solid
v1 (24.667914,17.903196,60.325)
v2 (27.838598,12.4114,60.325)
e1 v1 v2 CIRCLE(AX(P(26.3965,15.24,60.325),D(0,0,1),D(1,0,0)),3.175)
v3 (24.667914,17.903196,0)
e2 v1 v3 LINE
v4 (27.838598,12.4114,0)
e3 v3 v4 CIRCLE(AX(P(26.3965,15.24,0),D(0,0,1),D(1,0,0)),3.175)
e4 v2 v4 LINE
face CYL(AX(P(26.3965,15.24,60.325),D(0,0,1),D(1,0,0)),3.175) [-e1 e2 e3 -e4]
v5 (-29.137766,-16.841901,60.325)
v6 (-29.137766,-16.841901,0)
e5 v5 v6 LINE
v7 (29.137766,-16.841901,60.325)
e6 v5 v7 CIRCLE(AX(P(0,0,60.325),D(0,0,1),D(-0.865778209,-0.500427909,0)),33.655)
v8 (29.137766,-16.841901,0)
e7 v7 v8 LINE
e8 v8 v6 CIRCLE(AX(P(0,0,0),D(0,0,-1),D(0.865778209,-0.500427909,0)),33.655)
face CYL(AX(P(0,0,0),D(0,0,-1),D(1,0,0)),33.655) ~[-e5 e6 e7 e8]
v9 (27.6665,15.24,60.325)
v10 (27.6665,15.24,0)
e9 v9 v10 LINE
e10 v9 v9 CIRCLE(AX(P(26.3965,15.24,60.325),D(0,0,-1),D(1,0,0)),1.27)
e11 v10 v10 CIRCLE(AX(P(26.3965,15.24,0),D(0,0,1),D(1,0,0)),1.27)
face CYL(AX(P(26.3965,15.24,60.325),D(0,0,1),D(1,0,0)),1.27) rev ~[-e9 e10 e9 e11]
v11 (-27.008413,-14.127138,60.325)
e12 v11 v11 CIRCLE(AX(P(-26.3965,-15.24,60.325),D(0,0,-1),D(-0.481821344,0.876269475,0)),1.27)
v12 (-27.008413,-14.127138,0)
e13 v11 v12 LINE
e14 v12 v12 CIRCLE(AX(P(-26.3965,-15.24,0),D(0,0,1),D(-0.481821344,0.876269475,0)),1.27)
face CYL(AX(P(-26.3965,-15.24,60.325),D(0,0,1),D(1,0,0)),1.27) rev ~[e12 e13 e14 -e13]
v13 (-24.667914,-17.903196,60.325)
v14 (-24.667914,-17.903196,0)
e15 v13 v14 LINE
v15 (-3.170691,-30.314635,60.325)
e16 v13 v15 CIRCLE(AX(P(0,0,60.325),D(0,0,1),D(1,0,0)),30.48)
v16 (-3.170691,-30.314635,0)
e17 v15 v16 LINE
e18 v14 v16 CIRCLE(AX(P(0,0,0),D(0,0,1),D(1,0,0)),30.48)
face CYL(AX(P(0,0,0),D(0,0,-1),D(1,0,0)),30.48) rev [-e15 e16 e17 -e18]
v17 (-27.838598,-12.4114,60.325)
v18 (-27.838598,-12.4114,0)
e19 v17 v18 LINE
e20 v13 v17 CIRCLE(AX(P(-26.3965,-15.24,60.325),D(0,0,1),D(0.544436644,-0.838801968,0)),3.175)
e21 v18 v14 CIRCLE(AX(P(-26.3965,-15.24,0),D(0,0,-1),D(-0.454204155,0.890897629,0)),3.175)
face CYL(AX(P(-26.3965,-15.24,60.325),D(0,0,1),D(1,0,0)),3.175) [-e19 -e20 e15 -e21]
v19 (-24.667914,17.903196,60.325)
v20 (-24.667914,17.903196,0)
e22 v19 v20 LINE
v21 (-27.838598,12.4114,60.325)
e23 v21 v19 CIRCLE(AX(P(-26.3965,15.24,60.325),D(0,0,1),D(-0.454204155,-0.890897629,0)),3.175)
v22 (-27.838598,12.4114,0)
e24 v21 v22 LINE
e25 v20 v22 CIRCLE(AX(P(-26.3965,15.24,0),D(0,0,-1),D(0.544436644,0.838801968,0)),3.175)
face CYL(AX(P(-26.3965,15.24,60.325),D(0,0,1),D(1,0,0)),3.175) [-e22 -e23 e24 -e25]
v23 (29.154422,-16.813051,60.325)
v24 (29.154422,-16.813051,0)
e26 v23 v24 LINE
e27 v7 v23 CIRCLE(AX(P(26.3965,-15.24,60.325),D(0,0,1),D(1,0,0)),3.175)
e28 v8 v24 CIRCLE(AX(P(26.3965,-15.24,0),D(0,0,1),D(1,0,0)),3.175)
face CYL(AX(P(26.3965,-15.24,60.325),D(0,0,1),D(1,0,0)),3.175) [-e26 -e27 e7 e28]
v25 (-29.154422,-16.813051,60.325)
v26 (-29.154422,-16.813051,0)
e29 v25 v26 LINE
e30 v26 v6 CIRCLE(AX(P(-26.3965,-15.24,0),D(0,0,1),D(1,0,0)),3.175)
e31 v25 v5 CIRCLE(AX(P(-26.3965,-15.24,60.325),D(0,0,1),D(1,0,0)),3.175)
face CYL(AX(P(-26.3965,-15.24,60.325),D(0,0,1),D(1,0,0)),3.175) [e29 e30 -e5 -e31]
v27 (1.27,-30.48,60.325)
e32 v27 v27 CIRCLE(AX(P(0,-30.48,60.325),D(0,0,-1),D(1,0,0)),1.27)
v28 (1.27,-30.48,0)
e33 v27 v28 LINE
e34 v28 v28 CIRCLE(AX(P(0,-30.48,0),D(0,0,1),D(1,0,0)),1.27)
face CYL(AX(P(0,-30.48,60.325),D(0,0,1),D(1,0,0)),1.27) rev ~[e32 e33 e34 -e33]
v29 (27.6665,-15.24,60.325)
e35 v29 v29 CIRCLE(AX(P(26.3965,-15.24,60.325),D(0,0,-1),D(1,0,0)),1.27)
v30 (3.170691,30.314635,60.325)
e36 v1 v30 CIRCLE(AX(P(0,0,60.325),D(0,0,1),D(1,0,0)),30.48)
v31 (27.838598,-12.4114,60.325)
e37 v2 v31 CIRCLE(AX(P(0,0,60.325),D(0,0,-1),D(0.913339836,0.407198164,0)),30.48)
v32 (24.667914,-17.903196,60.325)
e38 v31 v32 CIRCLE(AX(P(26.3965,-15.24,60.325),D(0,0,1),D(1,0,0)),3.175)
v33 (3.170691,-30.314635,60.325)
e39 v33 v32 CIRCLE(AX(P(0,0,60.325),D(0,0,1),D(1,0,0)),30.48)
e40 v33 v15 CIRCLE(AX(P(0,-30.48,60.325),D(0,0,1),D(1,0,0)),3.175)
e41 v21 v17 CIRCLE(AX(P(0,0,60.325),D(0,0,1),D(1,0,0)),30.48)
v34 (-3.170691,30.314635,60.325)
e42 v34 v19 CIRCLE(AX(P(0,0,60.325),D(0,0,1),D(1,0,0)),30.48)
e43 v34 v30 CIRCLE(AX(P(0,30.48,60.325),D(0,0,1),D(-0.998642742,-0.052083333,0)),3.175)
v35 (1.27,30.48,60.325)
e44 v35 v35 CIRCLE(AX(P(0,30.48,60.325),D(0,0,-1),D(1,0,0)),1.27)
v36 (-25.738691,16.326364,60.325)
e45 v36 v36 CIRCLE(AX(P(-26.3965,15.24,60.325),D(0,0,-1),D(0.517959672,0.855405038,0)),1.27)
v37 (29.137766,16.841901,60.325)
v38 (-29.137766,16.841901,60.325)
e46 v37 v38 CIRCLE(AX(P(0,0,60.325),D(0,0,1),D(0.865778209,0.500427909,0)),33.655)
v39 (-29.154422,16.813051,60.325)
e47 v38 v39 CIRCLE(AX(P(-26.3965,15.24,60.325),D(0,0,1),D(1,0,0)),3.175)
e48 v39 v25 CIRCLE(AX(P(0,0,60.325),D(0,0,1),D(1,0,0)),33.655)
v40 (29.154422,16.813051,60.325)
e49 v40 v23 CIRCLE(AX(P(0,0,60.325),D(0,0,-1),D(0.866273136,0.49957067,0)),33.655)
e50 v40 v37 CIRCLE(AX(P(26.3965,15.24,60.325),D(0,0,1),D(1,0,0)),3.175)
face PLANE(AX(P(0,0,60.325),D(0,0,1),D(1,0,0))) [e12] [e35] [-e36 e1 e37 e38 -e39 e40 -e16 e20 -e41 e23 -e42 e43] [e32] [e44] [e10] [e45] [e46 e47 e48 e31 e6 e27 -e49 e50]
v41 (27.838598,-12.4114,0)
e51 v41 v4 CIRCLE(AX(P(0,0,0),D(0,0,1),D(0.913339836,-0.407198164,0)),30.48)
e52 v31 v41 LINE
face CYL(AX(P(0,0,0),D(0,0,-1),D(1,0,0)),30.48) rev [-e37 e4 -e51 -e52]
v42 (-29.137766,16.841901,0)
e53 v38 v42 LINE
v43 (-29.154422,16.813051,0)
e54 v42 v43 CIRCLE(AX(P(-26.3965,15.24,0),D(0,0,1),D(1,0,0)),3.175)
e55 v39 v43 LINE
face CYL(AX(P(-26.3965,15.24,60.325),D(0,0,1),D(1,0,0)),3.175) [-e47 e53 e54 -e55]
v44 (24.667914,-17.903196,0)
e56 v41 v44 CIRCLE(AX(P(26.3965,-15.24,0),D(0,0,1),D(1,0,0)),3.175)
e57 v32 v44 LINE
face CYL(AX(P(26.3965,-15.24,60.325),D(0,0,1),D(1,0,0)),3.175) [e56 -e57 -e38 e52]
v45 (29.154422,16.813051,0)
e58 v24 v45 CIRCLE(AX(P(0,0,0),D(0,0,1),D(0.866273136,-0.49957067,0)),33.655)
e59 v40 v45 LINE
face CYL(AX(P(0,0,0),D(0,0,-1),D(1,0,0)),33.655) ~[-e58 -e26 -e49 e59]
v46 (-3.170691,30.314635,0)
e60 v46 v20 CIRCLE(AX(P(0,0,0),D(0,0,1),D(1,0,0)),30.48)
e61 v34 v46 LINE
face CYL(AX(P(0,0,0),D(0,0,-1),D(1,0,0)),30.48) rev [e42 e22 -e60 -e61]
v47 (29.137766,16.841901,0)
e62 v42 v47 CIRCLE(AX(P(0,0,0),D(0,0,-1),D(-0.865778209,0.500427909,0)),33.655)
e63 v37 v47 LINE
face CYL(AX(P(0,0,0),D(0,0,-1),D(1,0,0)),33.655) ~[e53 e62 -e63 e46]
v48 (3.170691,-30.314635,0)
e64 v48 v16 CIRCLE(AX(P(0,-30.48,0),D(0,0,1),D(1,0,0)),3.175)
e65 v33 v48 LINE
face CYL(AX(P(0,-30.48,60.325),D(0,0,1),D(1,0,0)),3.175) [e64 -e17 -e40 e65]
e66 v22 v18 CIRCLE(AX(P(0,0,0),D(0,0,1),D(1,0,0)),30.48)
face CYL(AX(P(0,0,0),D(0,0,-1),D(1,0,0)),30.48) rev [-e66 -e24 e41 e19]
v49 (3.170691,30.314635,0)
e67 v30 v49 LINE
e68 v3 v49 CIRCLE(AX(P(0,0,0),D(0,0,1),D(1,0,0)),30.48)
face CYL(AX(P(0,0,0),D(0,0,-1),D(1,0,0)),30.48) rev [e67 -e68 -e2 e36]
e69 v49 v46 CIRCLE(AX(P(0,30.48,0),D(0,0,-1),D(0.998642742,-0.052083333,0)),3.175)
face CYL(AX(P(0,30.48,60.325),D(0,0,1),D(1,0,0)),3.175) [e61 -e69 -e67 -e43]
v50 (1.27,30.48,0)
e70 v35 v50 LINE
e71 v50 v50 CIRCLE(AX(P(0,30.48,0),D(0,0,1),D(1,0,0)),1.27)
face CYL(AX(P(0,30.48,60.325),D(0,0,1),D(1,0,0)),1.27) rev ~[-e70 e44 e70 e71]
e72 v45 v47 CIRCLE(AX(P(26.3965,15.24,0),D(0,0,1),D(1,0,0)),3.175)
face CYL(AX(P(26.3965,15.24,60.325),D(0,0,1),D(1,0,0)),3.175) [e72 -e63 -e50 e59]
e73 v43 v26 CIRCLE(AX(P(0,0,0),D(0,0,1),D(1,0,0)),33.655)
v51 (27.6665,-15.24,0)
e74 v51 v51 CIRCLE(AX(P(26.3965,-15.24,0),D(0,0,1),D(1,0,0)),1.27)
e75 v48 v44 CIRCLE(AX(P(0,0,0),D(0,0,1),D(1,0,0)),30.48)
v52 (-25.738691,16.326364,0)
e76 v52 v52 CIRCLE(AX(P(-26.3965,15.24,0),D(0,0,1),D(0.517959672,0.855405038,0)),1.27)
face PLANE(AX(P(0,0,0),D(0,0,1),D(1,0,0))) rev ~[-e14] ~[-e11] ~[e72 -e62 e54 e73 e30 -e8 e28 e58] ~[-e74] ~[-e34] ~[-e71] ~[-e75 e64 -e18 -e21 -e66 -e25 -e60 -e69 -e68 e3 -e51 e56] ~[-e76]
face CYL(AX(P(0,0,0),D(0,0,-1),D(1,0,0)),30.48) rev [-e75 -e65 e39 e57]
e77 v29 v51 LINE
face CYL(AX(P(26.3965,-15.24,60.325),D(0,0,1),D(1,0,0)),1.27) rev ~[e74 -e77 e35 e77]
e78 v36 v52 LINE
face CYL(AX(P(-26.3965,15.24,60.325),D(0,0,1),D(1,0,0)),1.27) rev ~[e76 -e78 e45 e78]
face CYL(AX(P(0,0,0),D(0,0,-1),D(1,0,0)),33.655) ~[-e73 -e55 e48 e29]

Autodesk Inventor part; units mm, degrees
ref_plane "YZ Plane" through (0, 0, 0) normal (1, 0, 0) x (0, 1, 0)
ref_plane "XZ Plane" through (0, 0, 0) normal (0, 1, 0) x (-1, 0, 0)
ref_plane "XY Plane" through (0, 0, 0) normal (0, 0, 1) x (1, 0, 0)
sketch "Sketch1" plane through (0, 0, 0) normal (0, 0, 1) x (1, 0, 0)
  circle A0 centre (0, 0) radius 33.655
  circle A1 centre (0, 0) radius 30.48
  dimension "d0" = 67.31
  dimension "d1" = 60.96
extrude "Extrusion1" add sketch "Sketch1" along normal blind 60.325
sketch "Sketch3" plane through (0, 0, 60.325) normal (0, 0, 1) x (1, 0, 0)
  line L0 (0, 0) -> (0, 30.48)
  circle A0 centre (0, 30.48) radius 1.27
  circle A1 centre (0, 30.48) radius 3.175
  circle A2 centre (-26.3965, 15.24) radius 3.175
  circle A3 centre (-26.3965, 15.24) radius 1.27
  circle A4 centre (-26.3965, -15.24) radius 3.175
  circle A5 centre (-26.3965, -15.24) radius 1.27
  circle A6 centre (0, -30.48) radius 3.175
  circle A7 centre (0, -30.48) radius 1.27
  circle A8 centre (26.3965, -15.24) radius 3.175
  circle A9 centre (26.3965, -15.24) radius 1.27
  circle A10 centre (26.3965, 15.24) radius 3.175
  circle A11 centre (26.3965, 15.24) radius 1.27
  dimension "d4" = 30.48
  dimension "d5" = 2.54
  dimension "d6" = 6.35
  dimension "d9" = 360
extrude "Extrusion2" add sketch "Sketch3" against normal up to surface (60.325 mm away)
extrude "Extrusion3" cut sketch "Sketch3" against normal up to surface (60.325 mm away) contours A0 | A3 | A5 | A7 | A9 | A11
properties part number "Spool" material "ABS Plastic"
